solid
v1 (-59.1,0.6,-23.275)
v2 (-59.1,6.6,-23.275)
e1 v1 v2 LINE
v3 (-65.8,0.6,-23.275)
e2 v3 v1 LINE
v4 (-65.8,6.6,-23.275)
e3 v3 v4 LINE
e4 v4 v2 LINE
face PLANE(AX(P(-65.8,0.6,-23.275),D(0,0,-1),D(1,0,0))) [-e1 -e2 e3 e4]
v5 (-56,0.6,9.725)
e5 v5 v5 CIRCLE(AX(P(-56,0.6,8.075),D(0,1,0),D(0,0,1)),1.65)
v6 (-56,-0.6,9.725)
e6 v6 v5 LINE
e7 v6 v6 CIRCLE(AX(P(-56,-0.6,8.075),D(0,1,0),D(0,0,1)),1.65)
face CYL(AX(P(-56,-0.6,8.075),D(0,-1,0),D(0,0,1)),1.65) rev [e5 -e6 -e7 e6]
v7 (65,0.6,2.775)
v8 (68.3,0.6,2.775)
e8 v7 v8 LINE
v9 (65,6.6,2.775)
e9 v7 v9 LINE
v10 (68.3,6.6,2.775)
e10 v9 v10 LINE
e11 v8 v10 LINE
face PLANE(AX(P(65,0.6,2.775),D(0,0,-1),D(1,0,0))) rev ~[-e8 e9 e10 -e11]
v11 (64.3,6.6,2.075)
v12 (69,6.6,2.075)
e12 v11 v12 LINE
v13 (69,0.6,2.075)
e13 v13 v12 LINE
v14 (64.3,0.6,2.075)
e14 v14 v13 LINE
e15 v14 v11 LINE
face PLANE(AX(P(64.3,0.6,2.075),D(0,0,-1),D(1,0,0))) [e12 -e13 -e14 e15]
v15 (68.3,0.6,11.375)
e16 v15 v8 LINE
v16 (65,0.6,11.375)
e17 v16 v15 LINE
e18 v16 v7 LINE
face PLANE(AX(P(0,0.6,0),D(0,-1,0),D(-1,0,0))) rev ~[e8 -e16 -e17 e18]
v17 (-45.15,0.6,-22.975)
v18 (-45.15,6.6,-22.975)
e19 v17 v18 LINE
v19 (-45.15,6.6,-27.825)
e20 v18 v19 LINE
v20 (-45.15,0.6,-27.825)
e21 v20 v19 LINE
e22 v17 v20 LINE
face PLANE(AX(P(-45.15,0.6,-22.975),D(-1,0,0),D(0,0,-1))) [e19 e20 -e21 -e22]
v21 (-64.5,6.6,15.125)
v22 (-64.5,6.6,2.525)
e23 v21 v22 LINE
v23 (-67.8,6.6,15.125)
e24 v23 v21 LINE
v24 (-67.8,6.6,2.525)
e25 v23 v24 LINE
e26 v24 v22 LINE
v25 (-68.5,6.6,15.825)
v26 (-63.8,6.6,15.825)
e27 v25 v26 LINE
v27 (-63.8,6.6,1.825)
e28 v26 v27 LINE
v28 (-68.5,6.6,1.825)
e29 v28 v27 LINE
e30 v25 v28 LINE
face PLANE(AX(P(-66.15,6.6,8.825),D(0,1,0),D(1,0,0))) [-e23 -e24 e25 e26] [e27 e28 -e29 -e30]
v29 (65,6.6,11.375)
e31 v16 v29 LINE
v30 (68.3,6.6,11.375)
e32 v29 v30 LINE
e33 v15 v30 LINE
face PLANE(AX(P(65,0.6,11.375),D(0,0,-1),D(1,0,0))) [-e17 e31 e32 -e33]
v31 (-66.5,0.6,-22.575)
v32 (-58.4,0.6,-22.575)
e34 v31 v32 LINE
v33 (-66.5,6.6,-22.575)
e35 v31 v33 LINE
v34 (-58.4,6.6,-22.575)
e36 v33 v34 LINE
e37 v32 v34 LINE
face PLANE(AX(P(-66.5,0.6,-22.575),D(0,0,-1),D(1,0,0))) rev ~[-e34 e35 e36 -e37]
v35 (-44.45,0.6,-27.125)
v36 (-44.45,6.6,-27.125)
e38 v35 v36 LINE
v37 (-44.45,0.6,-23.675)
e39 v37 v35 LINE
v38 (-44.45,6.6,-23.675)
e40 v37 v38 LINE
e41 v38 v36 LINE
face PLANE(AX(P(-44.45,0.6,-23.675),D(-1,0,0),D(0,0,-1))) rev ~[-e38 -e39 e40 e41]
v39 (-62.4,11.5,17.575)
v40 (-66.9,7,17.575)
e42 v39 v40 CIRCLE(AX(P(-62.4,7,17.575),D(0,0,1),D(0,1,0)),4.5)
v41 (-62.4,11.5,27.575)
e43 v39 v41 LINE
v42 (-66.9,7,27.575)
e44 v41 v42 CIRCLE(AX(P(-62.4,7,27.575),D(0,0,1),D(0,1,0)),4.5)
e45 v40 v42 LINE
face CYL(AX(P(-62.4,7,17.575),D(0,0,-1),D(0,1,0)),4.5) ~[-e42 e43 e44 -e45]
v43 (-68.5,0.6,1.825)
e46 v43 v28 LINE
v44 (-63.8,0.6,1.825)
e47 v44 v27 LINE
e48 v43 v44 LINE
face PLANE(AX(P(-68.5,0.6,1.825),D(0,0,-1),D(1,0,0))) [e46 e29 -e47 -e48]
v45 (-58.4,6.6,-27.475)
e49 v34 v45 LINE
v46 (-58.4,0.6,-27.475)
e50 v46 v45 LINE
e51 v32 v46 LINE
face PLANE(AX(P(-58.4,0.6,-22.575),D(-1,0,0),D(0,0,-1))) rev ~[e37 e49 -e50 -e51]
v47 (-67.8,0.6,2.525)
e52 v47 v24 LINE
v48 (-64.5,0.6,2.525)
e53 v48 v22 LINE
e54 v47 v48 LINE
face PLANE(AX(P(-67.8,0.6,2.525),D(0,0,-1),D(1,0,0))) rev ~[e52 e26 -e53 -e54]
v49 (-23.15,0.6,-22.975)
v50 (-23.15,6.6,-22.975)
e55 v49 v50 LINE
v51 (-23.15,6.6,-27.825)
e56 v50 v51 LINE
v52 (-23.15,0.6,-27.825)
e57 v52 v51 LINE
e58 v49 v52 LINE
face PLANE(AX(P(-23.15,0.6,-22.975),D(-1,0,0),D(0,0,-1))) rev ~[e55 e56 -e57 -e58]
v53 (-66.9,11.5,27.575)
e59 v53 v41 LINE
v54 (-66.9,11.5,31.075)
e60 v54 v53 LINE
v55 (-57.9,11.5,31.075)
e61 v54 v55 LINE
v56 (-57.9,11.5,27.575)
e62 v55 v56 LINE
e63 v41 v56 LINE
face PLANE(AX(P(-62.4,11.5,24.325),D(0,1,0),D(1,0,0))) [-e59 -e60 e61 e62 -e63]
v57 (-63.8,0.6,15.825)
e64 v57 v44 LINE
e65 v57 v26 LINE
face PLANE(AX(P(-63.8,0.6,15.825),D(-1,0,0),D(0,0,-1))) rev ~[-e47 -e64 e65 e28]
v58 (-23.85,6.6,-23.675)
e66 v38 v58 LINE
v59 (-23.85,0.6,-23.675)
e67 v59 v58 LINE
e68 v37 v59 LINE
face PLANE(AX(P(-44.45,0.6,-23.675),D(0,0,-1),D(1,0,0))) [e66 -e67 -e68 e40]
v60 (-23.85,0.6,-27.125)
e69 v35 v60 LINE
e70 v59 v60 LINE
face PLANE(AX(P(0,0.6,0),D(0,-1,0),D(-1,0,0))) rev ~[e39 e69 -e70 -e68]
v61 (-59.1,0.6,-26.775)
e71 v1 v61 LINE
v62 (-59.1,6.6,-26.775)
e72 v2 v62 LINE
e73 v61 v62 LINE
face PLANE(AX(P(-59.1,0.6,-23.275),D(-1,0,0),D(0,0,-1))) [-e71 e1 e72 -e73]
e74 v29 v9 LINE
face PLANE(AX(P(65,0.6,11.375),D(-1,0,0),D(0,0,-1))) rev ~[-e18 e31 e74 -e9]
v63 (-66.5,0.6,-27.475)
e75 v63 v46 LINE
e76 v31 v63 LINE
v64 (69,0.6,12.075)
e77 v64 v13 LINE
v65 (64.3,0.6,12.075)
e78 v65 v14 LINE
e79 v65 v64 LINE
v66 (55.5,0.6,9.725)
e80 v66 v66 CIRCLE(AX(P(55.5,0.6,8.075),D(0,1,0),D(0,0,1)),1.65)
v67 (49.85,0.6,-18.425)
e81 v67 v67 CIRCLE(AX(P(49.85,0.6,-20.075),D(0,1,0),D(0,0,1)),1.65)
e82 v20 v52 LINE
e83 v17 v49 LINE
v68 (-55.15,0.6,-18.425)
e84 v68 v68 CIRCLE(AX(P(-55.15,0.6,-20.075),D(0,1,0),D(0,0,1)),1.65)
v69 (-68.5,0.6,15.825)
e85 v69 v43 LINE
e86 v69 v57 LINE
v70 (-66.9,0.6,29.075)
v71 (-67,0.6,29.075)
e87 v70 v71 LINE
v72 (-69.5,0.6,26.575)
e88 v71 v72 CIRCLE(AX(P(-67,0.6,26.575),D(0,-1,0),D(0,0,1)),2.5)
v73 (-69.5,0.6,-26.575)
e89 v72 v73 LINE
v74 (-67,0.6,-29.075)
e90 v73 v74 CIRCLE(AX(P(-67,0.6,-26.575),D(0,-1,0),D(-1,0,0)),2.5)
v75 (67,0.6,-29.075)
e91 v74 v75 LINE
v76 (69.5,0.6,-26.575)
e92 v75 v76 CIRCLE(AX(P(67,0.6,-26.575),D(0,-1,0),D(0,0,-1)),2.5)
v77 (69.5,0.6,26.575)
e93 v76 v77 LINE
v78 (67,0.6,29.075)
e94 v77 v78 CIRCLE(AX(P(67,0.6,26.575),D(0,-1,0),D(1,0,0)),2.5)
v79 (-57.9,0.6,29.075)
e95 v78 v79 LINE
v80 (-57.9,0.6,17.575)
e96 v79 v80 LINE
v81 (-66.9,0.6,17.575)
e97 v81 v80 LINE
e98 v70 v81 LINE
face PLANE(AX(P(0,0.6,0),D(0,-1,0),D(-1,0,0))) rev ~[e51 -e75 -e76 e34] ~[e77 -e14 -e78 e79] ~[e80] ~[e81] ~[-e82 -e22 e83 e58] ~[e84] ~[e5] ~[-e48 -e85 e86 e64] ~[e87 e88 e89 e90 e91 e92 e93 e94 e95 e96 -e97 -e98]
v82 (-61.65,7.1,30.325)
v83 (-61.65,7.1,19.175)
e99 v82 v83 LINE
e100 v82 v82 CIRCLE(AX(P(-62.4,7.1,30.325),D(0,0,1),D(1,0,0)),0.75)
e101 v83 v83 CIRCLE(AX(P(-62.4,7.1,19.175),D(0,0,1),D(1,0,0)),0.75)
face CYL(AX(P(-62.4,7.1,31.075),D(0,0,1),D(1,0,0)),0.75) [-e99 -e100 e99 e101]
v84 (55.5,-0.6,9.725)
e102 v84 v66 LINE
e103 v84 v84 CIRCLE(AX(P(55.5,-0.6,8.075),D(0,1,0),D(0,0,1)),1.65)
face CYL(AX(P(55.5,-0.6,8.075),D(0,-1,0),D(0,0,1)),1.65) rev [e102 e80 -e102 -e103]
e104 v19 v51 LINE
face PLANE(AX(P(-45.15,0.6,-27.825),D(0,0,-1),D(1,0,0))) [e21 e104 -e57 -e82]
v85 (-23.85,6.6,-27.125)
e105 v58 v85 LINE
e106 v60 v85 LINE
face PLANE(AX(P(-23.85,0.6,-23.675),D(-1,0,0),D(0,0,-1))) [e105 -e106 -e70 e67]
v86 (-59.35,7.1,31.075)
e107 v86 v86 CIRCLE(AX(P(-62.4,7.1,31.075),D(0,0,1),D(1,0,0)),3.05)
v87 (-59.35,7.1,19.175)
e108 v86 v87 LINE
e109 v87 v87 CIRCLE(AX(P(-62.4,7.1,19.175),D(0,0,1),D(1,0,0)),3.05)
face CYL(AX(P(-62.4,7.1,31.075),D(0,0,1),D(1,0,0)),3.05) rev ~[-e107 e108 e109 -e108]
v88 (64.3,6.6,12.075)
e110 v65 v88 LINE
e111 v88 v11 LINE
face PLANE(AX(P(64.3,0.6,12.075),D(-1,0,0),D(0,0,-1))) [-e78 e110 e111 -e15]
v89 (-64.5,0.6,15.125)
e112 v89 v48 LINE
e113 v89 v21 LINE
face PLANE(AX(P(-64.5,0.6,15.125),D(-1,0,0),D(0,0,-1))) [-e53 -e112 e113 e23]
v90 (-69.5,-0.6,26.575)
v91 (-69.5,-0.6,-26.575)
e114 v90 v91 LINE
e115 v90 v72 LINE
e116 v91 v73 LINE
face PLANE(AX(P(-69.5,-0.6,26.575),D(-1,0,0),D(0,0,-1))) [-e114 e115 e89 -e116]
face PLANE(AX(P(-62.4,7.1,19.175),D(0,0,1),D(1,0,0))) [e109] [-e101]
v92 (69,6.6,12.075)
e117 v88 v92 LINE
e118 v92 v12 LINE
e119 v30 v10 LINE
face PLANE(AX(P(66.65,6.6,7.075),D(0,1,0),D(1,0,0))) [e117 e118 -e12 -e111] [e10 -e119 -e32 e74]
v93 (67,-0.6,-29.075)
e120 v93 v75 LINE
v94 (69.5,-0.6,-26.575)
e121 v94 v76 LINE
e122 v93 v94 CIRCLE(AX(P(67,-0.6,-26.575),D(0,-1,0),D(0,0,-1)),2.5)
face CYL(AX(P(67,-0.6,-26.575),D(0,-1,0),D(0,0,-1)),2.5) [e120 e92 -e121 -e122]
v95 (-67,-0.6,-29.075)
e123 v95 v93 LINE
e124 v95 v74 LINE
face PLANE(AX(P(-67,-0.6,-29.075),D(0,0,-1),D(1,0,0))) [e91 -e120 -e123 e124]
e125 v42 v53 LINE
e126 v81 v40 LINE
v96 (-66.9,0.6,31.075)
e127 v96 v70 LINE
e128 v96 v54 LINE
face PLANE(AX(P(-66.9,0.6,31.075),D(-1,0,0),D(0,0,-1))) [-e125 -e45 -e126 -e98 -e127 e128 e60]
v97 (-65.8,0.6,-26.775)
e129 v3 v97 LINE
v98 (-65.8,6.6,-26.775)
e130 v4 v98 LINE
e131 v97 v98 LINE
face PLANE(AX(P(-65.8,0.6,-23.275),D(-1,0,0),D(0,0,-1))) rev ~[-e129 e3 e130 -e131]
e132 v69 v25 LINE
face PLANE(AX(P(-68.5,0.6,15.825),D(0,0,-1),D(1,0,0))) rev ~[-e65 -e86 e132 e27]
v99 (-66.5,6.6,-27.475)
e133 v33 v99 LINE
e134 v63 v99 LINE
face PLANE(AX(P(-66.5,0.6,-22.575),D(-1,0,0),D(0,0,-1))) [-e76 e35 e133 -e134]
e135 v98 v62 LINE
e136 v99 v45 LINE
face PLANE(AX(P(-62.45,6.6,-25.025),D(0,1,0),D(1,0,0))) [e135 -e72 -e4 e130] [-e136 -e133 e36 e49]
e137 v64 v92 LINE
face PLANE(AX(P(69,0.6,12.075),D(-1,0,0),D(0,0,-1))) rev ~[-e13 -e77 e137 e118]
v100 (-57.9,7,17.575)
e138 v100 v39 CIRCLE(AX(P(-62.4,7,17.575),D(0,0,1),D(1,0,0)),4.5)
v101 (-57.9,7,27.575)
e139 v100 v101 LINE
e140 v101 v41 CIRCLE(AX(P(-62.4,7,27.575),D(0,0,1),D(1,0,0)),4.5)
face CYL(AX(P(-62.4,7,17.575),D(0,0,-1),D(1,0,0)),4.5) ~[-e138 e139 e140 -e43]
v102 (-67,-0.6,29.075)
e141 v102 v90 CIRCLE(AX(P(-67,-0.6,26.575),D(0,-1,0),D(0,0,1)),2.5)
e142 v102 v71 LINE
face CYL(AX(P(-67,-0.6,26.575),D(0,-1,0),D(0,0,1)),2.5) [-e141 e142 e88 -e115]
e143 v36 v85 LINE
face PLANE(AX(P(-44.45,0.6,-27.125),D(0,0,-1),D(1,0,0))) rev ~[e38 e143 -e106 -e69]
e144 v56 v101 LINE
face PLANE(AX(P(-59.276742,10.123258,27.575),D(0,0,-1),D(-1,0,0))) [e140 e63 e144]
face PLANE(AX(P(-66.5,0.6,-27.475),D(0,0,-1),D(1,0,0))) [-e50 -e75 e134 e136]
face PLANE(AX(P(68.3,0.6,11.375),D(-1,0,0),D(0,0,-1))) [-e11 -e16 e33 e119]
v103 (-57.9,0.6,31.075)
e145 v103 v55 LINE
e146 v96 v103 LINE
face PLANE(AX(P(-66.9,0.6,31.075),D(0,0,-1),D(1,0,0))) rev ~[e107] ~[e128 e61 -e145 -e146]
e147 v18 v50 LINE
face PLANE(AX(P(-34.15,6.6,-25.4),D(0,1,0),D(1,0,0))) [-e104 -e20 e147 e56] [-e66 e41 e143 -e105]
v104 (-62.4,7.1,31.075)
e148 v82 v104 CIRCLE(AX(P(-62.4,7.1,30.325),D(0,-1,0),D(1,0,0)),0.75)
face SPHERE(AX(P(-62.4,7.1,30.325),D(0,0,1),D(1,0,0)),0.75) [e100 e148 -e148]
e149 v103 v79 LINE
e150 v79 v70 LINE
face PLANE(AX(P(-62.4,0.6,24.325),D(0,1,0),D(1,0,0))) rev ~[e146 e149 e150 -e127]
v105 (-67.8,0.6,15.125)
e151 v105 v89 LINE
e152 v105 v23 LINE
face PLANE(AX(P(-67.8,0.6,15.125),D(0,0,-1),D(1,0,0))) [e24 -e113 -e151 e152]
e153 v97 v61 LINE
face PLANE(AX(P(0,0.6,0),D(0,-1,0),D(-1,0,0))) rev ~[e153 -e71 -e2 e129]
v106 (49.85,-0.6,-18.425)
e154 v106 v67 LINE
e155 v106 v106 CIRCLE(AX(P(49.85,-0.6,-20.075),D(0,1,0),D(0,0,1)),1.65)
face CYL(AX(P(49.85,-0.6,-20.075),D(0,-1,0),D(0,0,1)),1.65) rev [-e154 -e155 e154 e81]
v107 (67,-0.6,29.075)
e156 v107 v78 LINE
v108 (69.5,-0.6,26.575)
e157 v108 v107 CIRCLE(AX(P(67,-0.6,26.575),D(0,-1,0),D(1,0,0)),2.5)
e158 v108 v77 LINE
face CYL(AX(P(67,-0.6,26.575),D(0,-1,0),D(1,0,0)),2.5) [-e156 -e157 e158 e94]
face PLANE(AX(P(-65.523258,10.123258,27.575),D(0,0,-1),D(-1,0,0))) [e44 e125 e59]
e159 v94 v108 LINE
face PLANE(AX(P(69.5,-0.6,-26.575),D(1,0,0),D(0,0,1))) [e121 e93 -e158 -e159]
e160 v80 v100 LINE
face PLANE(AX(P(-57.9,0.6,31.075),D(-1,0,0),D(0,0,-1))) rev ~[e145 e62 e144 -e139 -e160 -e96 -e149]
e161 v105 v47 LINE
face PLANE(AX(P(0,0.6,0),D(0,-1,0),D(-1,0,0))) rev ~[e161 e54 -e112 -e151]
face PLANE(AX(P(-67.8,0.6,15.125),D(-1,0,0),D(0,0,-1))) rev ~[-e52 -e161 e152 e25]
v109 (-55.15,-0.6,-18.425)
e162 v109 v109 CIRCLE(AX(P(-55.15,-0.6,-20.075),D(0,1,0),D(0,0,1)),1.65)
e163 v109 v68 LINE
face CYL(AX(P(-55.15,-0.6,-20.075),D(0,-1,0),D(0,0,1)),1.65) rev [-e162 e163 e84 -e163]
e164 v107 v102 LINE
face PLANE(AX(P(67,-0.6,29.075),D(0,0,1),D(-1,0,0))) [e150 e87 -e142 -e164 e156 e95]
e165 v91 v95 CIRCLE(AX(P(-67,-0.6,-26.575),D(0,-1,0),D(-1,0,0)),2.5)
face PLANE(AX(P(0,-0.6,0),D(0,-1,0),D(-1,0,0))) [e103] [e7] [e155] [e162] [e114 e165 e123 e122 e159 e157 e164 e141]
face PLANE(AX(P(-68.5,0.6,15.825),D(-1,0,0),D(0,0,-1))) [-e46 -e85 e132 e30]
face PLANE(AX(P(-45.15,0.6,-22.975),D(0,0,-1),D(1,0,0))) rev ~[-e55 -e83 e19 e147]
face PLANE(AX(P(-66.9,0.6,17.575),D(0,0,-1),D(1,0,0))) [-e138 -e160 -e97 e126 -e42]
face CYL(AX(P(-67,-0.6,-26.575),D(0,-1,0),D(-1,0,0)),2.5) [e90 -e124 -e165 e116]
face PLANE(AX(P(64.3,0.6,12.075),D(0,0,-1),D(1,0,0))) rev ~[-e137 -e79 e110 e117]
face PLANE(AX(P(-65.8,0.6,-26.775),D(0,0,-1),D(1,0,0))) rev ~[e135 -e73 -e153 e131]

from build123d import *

# Parameters (mm, degrees)
BOSS_EXTRUDE1_DEPTH      = 0.6
BOSS_EXTRUDE1_DEPTH_BACK = 0.6
SKETCH1_R                = 1.65
SKETCH2_W                = 8.1
SKETCH2_H                = 4.9
SKETCH2_W_2              = 6.7
SKETCH2_H_2              = 3.5
SKETCH2_W_3              = 22
SKETCH2_H_3              = 4.85
SKETCH2_W_4              = 20.6
SKETCH2_H_4              = 3.45
SKETCH2_W_5              = 4.7
SKETCH2_H_5              = 14
SKETCH2_W_6              = 3.3
SKETCH2_H_6              = 12.6
SKETCH2_H_7              = 10
SKETCH2_H_8              = 8.6
BOSS_EXTRUDE2_DEPTH      = 6
SKETCH3_W                = 9
SKETCH3_H                = 13.5
BOSS_EXTRUDE3_DEPTH      = 10.9
CUT_EXTRUDE1_DEPTH       = 10
SKETCH5_R                = 3.05
SKETCH5_R_2              = 0.75
CUT_EXTRUDE2_DEPTH       = 11.9
FILLET1_R                = 0.75


with BuildPart() as part:
    # Sketch1 → Boss-Extrude1 (new, two sides: drawn at the far end of the back side and taken through both)
    with BuildSketch(Plane(origin=(0, 0, 0), x_dir=(1, 0, 0), z_dir=(0, 1, 0)).offset(-BOSS_EXTRUDE1_DEPTH_BACK)):
        with BuildLine():
            Line((-67, 29.075), (67, 29.075))
            ThreePointArc((67, 29.075), (68.767766953, 28.342766953), (69.5, 26.575))
            Line((69.5, 26.575), (69.5, -26.575))
            ThreePointArc((69.5, -26.575), (68.767766953, -28.342766953), (67, -29.075))
            Line((67, -29.075), (-67, -29.075))
            ThreePointArc((-67, -29.075), (-68.767766953, -28.342766953), (-69.5, -26.575))
            Line((-69.5, -26.575), (-69.5, 26.575))
            ThreePointArc((-69.5, 26.575), (-68.767766953, 28.342766953), (-67, 29.075))
        make_face()
        with Locations((-55.15, 20.075)):
            Circle(SKETCH1_R, mode=Mode.SUBTRACT)
        with Locations((49.85, 20.075)):
            Circle(SKETCH1_R, mode=Mode.SUBTRACT)
        with Locations((55.5, -8.075)):
            Circle(SKETCH1_R, mode=Mode.SUBTRACT)
        with Locations((-56, -8.075)):
            Circle(SKETCH1_R, mode=Mode.SUBTRACT)
    extrude(amount=BOSS_EXTRUDE1_DEPTH + BOSS_EXTRUDE1_DEPTH_BACK)

    # Sketch2 → Boss-Extrude2 (add)
    # profile 1 of 4: a face of its own
    with BuildSketch(Plane(origin=(0, 0.6, 0), x_dir=(1, 0, 0), z_dir=(0, 1, 0))):
        with Locations((-62.45, 25.025)):
            Rectangle(SKETCH2_W, SKETCH2_H)
        with Locations((-62.45, 25.025)):
            Rectangle(SKETCH2_W_2, SKETCH2_H_2, mode=Mode.SUBTRACT)
    # profile 2 of 4: a face of its own
    with BuildSketch(Plane(origin=(0, 0.6, 0), x_dir=(1, 0, 0), z_dir=(0, 1, 0))):
        with Locations((-34.15, 25.4)):
            Rectangle(SKETCH2_W_3, SKETCH2_H_3)
        with Locations((-34.15, 25.4)):
            Rectangle(SKETCH2_W_4, SKETCH2_H_4, mode=Mode.SUBTRACT)
    # profile 3 of 4: a face of its own
    with BuildSketch(Plane(origin=(0, 0.6, 0), x_dir=(1, 0, 0), z_dir=(0, 1, 0))):
        with Locations((-66.15, -8.825)):
            Rectangle(SKETCH2_W_5, SKETCH2_H_5)
        with Locations((-66.15, -8.825)):
            Rectangle(SKETCH2_W_6, SKETCH2_H_6, mode=Mode.SUBTRACT)
    # profile 4 of 4: a face of its own
    with BuildSketch(Plane(origin=(0, 0.6, 0), x_dir=(1, 0, 0), z_dir=(0, 1, 0))):
        with Locations((66.65, -7.075)):
            Rectangle(SKETCH2_W_5, SKETCH2_H_7)
        with Locations((66.65, -7.075)):
            Rectangle(SKETCH2_W_6, SKETCH2_H_8, mode=Mode.SUBTRACT)
    extrude(amount=BOSS_EXTRUDE2_DEPTH)

    # Sketch3 → Boss-Extrude3 (add)
    with BuildSketch(Plane(origin=(0, 0.6, 0), x_dir=(1, 0, 0), z_dir=(0, 1, 0))):
        with Locations((-62.4, -24.325)):
            Rectangle(SKETCH3_W, SKETCH3_H)
    extrude(amount=BOSS_EXTRUDE3_DEPTH)

    # Sketch4 → Cut-Extrude1 (cut)
    with BuildSketch(Plane(origin=(0, 0, 17.575), x_dir=(-1, 0, 0), z_dir=(0, 0, -1))):
        with BuildLine():
            Line((66.9, 11.5), (62.4, 11.5))
            ThreePointArc((62.4, 11.5), (65.581980515, 10.181980515), (66.9, 7))
            Line((66.9, 7), (66.9, 11.5))
        make_face()
        with BuildLine():
            Line((57.9, 11.5), (57.9, 7))
            ThreePointArc((57.9, 7), (59.218019485, 10.181980515), (62.4, 11.5))
            Line((62.4, 11.5), (57.9, 11.5))
        make_face()
    extrude(amount=-CUT_EXTRUDE1_DEPTH, mode=Mode.SUBTRACT)

    # Sketch5 → Cut-Extrude2 (cut)
    with BuildSketch(Plane.XY.offset(31.075)):
        with Locations((-62.4, 7.1)):
            Circle(SKETCH5_R)
        with Locations((-62.4, 7.1)):
            Circle(SKETCH5_R_2, mode=Mode.SUBTRACT)
    extrude(amount=-CUT_EXTRUDE2_DEPTH, mode=Mode.SUBTRACT)

    # Fillet1
    fillet1_edges = [part.edges().sort_by_distance(p)[0] for p in [
        (-63.15, 7.1, 31.075),
    ]]
    fillet(fillet1_edges, radius=FILLET1_R)


solid = part.part
